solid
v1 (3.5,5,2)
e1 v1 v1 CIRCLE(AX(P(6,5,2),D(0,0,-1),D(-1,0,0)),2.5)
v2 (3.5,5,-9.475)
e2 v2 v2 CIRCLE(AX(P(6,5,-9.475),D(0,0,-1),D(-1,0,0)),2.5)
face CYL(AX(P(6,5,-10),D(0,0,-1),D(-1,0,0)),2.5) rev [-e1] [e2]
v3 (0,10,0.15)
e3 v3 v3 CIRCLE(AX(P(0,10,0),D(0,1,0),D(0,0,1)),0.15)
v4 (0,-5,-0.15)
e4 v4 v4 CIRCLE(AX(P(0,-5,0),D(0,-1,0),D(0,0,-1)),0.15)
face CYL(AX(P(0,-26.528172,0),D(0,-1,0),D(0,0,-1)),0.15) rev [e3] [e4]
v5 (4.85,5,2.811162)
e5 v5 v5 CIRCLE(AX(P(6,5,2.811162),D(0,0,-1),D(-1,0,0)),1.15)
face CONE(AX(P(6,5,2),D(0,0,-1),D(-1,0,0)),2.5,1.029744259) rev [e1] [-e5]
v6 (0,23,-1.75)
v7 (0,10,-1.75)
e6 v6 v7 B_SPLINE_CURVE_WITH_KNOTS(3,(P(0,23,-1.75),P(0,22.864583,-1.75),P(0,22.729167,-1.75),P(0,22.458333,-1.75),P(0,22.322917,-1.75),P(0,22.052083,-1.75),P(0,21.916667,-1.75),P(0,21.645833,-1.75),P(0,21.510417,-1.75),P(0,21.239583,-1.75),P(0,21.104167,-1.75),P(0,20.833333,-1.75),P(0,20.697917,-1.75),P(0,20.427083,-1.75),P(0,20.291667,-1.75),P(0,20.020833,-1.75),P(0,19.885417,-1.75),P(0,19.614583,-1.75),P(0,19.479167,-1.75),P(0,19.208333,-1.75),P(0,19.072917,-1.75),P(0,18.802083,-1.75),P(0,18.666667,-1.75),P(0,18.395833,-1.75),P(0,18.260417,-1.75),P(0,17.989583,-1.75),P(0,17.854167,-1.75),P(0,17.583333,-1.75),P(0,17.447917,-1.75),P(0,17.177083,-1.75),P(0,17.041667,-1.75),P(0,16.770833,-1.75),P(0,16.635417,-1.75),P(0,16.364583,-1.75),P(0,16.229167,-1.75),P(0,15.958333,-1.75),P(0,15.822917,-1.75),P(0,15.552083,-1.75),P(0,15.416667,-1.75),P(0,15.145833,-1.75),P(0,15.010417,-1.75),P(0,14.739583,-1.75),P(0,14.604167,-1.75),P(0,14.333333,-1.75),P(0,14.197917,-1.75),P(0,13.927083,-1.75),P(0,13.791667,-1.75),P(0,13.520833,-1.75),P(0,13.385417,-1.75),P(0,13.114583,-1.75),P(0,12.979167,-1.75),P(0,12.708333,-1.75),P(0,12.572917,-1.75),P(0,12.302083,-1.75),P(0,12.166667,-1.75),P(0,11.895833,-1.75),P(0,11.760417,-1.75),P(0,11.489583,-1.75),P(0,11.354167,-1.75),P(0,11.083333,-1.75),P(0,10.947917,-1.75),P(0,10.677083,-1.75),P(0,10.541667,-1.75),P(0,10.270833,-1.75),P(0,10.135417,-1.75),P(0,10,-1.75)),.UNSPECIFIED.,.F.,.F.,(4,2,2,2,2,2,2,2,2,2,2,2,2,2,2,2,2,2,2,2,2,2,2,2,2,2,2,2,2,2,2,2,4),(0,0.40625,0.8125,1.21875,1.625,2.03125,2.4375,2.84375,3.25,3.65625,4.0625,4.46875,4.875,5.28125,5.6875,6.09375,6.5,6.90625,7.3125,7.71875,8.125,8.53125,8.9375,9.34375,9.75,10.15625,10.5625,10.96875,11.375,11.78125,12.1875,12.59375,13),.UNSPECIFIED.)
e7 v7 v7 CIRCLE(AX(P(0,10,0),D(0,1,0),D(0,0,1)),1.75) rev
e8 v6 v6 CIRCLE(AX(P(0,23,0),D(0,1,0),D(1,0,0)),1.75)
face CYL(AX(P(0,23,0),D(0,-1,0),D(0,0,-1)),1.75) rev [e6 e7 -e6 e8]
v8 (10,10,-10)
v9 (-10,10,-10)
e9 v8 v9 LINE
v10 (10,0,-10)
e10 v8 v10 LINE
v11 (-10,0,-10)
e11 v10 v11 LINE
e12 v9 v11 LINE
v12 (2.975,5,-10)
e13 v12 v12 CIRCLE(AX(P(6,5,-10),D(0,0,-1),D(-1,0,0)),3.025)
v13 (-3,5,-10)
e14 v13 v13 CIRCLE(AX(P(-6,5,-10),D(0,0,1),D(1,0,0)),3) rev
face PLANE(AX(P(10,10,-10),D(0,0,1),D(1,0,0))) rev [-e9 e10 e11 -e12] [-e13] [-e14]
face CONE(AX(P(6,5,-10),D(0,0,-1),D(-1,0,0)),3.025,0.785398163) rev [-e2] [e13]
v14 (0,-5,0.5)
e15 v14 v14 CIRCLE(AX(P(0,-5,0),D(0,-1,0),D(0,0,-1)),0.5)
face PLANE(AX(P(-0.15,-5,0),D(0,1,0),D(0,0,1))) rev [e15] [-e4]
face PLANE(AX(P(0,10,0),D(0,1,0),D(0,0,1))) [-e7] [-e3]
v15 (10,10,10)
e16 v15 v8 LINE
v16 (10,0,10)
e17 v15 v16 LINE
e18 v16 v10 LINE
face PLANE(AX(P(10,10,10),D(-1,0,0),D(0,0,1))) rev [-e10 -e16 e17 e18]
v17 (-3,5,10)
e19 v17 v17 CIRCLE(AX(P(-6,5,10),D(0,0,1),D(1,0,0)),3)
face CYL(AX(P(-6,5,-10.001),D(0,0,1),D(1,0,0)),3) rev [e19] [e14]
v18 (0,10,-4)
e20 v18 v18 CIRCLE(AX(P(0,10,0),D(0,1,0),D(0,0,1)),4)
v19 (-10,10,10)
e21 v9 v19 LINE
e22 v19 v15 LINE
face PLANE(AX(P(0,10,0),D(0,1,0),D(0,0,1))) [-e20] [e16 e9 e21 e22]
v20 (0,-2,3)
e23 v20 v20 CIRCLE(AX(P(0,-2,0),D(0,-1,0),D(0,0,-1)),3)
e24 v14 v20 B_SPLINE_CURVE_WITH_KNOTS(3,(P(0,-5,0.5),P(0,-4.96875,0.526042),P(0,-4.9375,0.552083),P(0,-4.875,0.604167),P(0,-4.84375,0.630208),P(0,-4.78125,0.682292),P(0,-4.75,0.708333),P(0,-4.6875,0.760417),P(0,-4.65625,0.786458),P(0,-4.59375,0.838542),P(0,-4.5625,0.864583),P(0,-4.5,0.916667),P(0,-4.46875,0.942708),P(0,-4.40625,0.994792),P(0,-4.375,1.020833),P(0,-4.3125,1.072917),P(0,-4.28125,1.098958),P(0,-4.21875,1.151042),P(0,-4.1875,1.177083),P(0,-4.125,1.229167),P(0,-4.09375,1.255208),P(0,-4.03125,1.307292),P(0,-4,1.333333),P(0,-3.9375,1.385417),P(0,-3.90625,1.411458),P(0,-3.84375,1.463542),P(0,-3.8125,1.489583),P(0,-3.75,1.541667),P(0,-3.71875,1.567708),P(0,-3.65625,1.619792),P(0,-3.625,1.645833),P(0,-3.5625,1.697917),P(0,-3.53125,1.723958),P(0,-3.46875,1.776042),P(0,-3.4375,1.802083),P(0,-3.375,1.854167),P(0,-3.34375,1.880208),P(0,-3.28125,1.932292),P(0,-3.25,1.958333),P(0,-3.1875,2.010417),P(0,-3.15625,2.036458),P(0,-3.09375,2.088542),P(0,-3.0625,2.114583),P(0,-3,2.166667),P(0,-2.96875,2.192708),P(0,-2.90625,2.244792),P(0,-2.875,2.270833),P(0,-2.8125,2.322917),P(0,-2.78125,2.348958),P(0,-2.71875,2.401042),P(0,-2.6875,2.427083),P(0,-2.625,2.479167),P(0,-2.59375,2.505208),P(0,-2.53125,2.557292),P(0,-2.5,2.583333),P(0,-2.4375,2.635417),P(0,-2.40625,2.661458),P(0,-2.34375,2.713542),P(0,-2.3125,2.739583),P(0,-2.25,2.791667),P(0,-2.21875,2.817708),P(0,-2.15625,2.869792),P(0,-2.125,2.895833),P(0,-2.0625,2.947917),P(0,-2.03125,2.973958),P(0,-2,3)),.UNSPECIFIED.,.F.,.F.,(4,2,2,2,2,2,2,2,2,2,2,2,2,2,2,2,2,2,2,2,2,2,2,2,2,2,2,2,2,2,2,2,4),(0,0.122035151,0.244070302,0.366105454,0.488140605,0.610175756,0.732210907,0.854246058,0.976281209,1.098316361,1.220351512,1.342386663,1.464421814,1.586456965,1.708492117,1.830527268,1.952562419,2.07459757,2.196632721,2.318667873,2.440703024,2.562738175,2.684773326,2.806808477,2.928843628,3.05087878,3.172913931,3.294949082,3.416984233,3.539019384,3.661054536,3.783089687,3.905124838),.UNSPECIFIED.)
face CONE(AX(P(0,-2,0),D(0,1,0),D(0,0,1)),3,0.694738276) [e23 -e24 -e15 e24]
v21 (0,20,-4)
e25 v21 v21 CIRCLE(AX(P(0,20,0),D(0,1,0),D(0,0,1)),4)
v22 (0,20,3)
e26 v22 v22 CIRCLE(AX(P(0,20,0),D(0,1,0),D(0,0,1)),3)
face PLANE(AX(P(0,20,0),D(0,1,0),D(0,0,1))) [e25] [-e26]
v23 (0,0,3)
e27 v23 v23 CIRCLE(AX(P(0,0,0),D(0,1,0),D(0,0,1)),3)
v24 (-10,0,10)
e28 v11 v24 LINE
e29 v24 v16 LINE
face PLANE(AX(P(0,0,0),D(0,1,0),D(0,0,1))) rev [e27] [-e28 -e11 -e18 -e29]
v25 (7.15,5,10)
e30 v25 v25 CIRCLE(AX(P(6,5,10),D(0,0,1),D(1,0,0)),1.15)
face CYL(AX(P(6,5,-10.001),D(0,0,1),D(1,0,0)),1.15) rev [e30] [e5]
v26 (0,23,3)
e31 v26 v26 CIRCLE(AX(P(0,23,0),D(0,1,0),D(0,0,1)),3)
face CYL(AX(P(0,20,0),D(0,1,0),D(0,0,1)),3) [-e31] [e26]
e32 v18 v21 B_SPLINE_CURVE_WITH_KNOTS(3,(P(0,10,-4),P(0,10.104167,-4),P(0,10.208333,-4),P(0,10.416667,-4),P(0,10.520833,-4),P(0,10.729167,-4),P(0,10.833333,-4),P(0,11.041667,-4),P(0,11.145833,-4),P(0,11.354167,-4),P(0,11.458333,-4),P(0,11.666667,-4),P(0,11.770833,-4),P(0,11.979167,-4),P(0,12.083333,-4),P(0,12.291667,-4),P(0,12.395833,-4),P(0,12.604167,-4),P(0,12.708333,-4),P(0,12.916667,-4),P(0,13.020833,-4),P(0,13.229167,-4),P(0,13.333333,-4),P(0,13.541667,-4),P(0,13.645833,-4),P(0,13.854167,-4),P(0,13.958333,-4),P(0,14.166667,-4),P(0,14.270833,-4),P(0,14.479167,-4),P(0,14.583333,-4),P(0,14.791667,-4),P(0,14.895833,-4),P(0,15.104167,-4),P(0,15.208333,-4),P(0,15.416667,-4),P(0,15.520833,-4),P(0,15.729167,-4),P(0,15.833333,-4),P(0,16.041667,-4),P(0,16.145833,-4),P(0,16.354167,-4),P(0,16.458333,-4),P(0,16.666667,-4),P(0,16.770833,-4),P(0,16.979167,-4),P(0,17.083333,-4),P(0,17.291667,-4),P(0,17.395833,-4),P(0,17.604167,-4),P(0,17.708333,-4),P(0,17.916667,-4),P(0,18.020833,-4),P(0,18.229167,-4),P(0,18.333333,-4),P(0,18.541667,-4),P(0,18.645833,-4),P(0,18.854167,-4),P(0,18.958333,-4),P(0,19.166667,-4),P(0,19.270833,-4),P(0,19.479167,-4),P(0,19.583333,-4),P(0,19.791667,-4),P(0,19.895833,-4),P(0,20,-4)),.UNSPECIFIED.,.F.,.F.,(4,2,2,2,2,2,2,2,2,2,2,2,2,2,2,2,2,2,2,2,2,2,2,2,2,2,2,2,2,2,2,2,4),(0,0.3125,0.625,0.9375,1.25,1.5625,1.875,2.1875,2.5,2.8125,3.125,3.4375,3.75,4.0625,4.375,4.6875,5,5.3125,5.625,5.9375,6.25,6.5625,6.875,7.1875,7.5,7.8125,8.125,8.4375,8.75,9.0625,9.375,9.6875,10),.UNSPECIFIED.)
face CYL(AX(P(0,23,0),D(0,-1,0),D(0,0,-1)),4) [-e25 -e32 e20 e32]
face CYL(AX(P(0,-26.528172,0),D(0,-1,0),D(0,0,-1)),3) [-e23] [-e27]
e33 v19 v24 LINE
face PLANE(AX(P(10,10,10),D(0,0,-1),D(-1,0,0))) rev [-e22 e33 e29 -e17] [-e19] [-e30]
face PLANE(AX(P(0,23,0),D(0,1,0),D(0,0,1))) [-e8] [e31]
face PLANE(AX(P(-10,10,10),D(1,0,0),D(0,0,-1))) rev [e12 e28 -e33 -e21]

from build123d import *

# Parameters (mm, degrees)
SCHIZZO2_W                          = 20
SCHIZZO2_H                          = 20
SCHIZZO2_R                          = 0.15
ESTRUSIONE_ESTRUSIONE1_DEPTH        = 10
SCHIZZO3_R                          = 4
SCHIZZO3_R_2                        = 1.75
ESTRUSIONE_SOTTILE1_DEPTH           = 13
TAGLIO_ESTRUSIONE1_REACH            = 34.078
SCHIZZO4_R                          = 3
SCHIZZO4_R_2                        = 1.15
FORO_FILETTATO_M6X1_0_1_D           = 5
FORO_FILETTATO_M6X1_0_1_DEPTH       = 12
FORO_FILETTATO_M6X1_0_1_CSINK_D     = 6.05
FORO_FILETTATO_M6X1_0_1_CSINK_ANGLE = 90
FORO_FILETTATO_M6X1_0_1_TIP         = 1.502151548
SCHIZZO8_R                          = 13
SCHIZZO8_R_2                        = 3
TAGLIO_ESTRUSIONE_SOTTILE1_DEPTH    = 3


with BuildPart() as part:
    # Schizzo1 → Rivoluzione1 (revolve)
    with BuildSketch(Plane.XY, mode=Mode.PRIVATE) as rivoluzione1_sk:
        Polygon((-0.15, 0), (-0.15, -5), (-0.5, -5), (-3, -2), (-3, 0), align=None)
    revolve(rivoluzione1_sk.sketch.rotate(Axis((0, -26.528171736, 0), (0, 1, 0)), 270), axis=Axis((0, -26.528171736, 0), (0, 1, 0)))

    # Schizzo2 → Estrusione-Estrusione1 (add)
    with BuildSketch(Plane(origin=(0, 0, 0), x_dir=(1, 0, 0), z_dir=(0, 1, 0))):
        Rectangle(SCHIZZO2_W, SCHIZZO2_H)
        with Locations(Location((0, 0, 0), (0, 0, 90))):
            Circle(SCHIZZO2_R, mode=Mode.SUBTRACT)
    extrude(amount=ESTRUSIONE_ESTRUSIONE1_DEPTH)

    # Schizzo3 → Estrusione-Sottile1 (add)
    with BuildSketch(Plane(origin=(0, 10, 0), x_dir=(1, 0, 0), z_dir=(0, 1, 0))):
        Circle(SCHIZZO3_R)
        Circle(SCHIZZO3_R_2, mode=Mode.SUBTRACT)
    extrude(amount=ESTRUSIONE_SOTTILE1_DEPTH)

    # Schizzo4 → Taglio-Estrusione1 (cut, up to next)
    with BuildSketch(Plane.XY.offset(10), mode=Mode.PRIVATE) as taglio_estrusione1_sk1:
        with Locations((-6, 5)):
            Circle(SCHIZZO4_R)
    taglio_estrusione1_tool1 = extrude(taglio_estrusione1_sk1.sketch, amount=-TAGLIO_ESTRUSIONE1_REACH, mode=Mode.PRIVATE) & part.part
    # Schizzo4 → Taglio-Estrusione1 (cut, up to next)
    with BuildSketch(Plane.XY.offset(10), mode=Mode.PRIVATE) as taglio_estrusione1_sk2:
        with Locations((6, 5)):
            Circle(SCHIZZO4_R_2)
    taglio_estrusione1_tool2 = extrude(taglio_estrusione1_sk2.sketch, amount=-TAGLIO_ESTRUSIONE1_REACH, mode=Mode.PRIVATE) & part.part
    add(taglio_estrusione1_tool1.solids().sort_by_distance((-6, 5, 10))[0], mode=Mode.SUBTRACT)
    add(taglio_estrusione1_tool2.solids().sort_by_distance((6, 5, 10))[0], mode=Mode.SUBTRACT)

    # Foro filettato M6x1.0-1
    with Locations(Plane(origin=(0, 0, -10), x_dir=(-1, 0, 0), z_dir=(0, 0, -1))):
        with Locations((-6, 5)):
            CounterSinkHole(FORO_FILETTATO_M6X1_0_1_D / 2, FORO_FILETTATO_M6X1_0_1_CSINK_D / 2, depth=FORO_FILETTATO_M6X1_0_1_DEPTH, counter_sink_angle=FORO_FILETTATO_M6X1_0_1_CSINK_ANGLE)
            with Locations((0, 0, -(FORO_FILETTATO_M6X1_0_1_DEPTH + FORO_FILETTATO_M6X1_0_1_TIP / 2))):  # 118° drill point
                Cone(0, FORO_FILETTATO_M6X1_0_1_D / 2, FORO_FILETTATO_M6X1_0_1_TIP, mode=Mode.SUBTRACT)

    # Schizzo8 → Taglio-Estrusione-Sottile1 (cut)
    with BuildSketch(Plane(origin=(0, 23, 0), x_dir=(1, 0, 0), z_dir=(0, 1, 0))):
        Circle(SCHIZZO8_R)
        Circle(SCHIZZO8_R_2, mode=Mode.SUBTRACT)
    extrude(amount=-TAGLIO_ESTRUSIONE_SOTTILE1_DEPTH, mode=Mode.SUBTRACT)


solid = part.part
